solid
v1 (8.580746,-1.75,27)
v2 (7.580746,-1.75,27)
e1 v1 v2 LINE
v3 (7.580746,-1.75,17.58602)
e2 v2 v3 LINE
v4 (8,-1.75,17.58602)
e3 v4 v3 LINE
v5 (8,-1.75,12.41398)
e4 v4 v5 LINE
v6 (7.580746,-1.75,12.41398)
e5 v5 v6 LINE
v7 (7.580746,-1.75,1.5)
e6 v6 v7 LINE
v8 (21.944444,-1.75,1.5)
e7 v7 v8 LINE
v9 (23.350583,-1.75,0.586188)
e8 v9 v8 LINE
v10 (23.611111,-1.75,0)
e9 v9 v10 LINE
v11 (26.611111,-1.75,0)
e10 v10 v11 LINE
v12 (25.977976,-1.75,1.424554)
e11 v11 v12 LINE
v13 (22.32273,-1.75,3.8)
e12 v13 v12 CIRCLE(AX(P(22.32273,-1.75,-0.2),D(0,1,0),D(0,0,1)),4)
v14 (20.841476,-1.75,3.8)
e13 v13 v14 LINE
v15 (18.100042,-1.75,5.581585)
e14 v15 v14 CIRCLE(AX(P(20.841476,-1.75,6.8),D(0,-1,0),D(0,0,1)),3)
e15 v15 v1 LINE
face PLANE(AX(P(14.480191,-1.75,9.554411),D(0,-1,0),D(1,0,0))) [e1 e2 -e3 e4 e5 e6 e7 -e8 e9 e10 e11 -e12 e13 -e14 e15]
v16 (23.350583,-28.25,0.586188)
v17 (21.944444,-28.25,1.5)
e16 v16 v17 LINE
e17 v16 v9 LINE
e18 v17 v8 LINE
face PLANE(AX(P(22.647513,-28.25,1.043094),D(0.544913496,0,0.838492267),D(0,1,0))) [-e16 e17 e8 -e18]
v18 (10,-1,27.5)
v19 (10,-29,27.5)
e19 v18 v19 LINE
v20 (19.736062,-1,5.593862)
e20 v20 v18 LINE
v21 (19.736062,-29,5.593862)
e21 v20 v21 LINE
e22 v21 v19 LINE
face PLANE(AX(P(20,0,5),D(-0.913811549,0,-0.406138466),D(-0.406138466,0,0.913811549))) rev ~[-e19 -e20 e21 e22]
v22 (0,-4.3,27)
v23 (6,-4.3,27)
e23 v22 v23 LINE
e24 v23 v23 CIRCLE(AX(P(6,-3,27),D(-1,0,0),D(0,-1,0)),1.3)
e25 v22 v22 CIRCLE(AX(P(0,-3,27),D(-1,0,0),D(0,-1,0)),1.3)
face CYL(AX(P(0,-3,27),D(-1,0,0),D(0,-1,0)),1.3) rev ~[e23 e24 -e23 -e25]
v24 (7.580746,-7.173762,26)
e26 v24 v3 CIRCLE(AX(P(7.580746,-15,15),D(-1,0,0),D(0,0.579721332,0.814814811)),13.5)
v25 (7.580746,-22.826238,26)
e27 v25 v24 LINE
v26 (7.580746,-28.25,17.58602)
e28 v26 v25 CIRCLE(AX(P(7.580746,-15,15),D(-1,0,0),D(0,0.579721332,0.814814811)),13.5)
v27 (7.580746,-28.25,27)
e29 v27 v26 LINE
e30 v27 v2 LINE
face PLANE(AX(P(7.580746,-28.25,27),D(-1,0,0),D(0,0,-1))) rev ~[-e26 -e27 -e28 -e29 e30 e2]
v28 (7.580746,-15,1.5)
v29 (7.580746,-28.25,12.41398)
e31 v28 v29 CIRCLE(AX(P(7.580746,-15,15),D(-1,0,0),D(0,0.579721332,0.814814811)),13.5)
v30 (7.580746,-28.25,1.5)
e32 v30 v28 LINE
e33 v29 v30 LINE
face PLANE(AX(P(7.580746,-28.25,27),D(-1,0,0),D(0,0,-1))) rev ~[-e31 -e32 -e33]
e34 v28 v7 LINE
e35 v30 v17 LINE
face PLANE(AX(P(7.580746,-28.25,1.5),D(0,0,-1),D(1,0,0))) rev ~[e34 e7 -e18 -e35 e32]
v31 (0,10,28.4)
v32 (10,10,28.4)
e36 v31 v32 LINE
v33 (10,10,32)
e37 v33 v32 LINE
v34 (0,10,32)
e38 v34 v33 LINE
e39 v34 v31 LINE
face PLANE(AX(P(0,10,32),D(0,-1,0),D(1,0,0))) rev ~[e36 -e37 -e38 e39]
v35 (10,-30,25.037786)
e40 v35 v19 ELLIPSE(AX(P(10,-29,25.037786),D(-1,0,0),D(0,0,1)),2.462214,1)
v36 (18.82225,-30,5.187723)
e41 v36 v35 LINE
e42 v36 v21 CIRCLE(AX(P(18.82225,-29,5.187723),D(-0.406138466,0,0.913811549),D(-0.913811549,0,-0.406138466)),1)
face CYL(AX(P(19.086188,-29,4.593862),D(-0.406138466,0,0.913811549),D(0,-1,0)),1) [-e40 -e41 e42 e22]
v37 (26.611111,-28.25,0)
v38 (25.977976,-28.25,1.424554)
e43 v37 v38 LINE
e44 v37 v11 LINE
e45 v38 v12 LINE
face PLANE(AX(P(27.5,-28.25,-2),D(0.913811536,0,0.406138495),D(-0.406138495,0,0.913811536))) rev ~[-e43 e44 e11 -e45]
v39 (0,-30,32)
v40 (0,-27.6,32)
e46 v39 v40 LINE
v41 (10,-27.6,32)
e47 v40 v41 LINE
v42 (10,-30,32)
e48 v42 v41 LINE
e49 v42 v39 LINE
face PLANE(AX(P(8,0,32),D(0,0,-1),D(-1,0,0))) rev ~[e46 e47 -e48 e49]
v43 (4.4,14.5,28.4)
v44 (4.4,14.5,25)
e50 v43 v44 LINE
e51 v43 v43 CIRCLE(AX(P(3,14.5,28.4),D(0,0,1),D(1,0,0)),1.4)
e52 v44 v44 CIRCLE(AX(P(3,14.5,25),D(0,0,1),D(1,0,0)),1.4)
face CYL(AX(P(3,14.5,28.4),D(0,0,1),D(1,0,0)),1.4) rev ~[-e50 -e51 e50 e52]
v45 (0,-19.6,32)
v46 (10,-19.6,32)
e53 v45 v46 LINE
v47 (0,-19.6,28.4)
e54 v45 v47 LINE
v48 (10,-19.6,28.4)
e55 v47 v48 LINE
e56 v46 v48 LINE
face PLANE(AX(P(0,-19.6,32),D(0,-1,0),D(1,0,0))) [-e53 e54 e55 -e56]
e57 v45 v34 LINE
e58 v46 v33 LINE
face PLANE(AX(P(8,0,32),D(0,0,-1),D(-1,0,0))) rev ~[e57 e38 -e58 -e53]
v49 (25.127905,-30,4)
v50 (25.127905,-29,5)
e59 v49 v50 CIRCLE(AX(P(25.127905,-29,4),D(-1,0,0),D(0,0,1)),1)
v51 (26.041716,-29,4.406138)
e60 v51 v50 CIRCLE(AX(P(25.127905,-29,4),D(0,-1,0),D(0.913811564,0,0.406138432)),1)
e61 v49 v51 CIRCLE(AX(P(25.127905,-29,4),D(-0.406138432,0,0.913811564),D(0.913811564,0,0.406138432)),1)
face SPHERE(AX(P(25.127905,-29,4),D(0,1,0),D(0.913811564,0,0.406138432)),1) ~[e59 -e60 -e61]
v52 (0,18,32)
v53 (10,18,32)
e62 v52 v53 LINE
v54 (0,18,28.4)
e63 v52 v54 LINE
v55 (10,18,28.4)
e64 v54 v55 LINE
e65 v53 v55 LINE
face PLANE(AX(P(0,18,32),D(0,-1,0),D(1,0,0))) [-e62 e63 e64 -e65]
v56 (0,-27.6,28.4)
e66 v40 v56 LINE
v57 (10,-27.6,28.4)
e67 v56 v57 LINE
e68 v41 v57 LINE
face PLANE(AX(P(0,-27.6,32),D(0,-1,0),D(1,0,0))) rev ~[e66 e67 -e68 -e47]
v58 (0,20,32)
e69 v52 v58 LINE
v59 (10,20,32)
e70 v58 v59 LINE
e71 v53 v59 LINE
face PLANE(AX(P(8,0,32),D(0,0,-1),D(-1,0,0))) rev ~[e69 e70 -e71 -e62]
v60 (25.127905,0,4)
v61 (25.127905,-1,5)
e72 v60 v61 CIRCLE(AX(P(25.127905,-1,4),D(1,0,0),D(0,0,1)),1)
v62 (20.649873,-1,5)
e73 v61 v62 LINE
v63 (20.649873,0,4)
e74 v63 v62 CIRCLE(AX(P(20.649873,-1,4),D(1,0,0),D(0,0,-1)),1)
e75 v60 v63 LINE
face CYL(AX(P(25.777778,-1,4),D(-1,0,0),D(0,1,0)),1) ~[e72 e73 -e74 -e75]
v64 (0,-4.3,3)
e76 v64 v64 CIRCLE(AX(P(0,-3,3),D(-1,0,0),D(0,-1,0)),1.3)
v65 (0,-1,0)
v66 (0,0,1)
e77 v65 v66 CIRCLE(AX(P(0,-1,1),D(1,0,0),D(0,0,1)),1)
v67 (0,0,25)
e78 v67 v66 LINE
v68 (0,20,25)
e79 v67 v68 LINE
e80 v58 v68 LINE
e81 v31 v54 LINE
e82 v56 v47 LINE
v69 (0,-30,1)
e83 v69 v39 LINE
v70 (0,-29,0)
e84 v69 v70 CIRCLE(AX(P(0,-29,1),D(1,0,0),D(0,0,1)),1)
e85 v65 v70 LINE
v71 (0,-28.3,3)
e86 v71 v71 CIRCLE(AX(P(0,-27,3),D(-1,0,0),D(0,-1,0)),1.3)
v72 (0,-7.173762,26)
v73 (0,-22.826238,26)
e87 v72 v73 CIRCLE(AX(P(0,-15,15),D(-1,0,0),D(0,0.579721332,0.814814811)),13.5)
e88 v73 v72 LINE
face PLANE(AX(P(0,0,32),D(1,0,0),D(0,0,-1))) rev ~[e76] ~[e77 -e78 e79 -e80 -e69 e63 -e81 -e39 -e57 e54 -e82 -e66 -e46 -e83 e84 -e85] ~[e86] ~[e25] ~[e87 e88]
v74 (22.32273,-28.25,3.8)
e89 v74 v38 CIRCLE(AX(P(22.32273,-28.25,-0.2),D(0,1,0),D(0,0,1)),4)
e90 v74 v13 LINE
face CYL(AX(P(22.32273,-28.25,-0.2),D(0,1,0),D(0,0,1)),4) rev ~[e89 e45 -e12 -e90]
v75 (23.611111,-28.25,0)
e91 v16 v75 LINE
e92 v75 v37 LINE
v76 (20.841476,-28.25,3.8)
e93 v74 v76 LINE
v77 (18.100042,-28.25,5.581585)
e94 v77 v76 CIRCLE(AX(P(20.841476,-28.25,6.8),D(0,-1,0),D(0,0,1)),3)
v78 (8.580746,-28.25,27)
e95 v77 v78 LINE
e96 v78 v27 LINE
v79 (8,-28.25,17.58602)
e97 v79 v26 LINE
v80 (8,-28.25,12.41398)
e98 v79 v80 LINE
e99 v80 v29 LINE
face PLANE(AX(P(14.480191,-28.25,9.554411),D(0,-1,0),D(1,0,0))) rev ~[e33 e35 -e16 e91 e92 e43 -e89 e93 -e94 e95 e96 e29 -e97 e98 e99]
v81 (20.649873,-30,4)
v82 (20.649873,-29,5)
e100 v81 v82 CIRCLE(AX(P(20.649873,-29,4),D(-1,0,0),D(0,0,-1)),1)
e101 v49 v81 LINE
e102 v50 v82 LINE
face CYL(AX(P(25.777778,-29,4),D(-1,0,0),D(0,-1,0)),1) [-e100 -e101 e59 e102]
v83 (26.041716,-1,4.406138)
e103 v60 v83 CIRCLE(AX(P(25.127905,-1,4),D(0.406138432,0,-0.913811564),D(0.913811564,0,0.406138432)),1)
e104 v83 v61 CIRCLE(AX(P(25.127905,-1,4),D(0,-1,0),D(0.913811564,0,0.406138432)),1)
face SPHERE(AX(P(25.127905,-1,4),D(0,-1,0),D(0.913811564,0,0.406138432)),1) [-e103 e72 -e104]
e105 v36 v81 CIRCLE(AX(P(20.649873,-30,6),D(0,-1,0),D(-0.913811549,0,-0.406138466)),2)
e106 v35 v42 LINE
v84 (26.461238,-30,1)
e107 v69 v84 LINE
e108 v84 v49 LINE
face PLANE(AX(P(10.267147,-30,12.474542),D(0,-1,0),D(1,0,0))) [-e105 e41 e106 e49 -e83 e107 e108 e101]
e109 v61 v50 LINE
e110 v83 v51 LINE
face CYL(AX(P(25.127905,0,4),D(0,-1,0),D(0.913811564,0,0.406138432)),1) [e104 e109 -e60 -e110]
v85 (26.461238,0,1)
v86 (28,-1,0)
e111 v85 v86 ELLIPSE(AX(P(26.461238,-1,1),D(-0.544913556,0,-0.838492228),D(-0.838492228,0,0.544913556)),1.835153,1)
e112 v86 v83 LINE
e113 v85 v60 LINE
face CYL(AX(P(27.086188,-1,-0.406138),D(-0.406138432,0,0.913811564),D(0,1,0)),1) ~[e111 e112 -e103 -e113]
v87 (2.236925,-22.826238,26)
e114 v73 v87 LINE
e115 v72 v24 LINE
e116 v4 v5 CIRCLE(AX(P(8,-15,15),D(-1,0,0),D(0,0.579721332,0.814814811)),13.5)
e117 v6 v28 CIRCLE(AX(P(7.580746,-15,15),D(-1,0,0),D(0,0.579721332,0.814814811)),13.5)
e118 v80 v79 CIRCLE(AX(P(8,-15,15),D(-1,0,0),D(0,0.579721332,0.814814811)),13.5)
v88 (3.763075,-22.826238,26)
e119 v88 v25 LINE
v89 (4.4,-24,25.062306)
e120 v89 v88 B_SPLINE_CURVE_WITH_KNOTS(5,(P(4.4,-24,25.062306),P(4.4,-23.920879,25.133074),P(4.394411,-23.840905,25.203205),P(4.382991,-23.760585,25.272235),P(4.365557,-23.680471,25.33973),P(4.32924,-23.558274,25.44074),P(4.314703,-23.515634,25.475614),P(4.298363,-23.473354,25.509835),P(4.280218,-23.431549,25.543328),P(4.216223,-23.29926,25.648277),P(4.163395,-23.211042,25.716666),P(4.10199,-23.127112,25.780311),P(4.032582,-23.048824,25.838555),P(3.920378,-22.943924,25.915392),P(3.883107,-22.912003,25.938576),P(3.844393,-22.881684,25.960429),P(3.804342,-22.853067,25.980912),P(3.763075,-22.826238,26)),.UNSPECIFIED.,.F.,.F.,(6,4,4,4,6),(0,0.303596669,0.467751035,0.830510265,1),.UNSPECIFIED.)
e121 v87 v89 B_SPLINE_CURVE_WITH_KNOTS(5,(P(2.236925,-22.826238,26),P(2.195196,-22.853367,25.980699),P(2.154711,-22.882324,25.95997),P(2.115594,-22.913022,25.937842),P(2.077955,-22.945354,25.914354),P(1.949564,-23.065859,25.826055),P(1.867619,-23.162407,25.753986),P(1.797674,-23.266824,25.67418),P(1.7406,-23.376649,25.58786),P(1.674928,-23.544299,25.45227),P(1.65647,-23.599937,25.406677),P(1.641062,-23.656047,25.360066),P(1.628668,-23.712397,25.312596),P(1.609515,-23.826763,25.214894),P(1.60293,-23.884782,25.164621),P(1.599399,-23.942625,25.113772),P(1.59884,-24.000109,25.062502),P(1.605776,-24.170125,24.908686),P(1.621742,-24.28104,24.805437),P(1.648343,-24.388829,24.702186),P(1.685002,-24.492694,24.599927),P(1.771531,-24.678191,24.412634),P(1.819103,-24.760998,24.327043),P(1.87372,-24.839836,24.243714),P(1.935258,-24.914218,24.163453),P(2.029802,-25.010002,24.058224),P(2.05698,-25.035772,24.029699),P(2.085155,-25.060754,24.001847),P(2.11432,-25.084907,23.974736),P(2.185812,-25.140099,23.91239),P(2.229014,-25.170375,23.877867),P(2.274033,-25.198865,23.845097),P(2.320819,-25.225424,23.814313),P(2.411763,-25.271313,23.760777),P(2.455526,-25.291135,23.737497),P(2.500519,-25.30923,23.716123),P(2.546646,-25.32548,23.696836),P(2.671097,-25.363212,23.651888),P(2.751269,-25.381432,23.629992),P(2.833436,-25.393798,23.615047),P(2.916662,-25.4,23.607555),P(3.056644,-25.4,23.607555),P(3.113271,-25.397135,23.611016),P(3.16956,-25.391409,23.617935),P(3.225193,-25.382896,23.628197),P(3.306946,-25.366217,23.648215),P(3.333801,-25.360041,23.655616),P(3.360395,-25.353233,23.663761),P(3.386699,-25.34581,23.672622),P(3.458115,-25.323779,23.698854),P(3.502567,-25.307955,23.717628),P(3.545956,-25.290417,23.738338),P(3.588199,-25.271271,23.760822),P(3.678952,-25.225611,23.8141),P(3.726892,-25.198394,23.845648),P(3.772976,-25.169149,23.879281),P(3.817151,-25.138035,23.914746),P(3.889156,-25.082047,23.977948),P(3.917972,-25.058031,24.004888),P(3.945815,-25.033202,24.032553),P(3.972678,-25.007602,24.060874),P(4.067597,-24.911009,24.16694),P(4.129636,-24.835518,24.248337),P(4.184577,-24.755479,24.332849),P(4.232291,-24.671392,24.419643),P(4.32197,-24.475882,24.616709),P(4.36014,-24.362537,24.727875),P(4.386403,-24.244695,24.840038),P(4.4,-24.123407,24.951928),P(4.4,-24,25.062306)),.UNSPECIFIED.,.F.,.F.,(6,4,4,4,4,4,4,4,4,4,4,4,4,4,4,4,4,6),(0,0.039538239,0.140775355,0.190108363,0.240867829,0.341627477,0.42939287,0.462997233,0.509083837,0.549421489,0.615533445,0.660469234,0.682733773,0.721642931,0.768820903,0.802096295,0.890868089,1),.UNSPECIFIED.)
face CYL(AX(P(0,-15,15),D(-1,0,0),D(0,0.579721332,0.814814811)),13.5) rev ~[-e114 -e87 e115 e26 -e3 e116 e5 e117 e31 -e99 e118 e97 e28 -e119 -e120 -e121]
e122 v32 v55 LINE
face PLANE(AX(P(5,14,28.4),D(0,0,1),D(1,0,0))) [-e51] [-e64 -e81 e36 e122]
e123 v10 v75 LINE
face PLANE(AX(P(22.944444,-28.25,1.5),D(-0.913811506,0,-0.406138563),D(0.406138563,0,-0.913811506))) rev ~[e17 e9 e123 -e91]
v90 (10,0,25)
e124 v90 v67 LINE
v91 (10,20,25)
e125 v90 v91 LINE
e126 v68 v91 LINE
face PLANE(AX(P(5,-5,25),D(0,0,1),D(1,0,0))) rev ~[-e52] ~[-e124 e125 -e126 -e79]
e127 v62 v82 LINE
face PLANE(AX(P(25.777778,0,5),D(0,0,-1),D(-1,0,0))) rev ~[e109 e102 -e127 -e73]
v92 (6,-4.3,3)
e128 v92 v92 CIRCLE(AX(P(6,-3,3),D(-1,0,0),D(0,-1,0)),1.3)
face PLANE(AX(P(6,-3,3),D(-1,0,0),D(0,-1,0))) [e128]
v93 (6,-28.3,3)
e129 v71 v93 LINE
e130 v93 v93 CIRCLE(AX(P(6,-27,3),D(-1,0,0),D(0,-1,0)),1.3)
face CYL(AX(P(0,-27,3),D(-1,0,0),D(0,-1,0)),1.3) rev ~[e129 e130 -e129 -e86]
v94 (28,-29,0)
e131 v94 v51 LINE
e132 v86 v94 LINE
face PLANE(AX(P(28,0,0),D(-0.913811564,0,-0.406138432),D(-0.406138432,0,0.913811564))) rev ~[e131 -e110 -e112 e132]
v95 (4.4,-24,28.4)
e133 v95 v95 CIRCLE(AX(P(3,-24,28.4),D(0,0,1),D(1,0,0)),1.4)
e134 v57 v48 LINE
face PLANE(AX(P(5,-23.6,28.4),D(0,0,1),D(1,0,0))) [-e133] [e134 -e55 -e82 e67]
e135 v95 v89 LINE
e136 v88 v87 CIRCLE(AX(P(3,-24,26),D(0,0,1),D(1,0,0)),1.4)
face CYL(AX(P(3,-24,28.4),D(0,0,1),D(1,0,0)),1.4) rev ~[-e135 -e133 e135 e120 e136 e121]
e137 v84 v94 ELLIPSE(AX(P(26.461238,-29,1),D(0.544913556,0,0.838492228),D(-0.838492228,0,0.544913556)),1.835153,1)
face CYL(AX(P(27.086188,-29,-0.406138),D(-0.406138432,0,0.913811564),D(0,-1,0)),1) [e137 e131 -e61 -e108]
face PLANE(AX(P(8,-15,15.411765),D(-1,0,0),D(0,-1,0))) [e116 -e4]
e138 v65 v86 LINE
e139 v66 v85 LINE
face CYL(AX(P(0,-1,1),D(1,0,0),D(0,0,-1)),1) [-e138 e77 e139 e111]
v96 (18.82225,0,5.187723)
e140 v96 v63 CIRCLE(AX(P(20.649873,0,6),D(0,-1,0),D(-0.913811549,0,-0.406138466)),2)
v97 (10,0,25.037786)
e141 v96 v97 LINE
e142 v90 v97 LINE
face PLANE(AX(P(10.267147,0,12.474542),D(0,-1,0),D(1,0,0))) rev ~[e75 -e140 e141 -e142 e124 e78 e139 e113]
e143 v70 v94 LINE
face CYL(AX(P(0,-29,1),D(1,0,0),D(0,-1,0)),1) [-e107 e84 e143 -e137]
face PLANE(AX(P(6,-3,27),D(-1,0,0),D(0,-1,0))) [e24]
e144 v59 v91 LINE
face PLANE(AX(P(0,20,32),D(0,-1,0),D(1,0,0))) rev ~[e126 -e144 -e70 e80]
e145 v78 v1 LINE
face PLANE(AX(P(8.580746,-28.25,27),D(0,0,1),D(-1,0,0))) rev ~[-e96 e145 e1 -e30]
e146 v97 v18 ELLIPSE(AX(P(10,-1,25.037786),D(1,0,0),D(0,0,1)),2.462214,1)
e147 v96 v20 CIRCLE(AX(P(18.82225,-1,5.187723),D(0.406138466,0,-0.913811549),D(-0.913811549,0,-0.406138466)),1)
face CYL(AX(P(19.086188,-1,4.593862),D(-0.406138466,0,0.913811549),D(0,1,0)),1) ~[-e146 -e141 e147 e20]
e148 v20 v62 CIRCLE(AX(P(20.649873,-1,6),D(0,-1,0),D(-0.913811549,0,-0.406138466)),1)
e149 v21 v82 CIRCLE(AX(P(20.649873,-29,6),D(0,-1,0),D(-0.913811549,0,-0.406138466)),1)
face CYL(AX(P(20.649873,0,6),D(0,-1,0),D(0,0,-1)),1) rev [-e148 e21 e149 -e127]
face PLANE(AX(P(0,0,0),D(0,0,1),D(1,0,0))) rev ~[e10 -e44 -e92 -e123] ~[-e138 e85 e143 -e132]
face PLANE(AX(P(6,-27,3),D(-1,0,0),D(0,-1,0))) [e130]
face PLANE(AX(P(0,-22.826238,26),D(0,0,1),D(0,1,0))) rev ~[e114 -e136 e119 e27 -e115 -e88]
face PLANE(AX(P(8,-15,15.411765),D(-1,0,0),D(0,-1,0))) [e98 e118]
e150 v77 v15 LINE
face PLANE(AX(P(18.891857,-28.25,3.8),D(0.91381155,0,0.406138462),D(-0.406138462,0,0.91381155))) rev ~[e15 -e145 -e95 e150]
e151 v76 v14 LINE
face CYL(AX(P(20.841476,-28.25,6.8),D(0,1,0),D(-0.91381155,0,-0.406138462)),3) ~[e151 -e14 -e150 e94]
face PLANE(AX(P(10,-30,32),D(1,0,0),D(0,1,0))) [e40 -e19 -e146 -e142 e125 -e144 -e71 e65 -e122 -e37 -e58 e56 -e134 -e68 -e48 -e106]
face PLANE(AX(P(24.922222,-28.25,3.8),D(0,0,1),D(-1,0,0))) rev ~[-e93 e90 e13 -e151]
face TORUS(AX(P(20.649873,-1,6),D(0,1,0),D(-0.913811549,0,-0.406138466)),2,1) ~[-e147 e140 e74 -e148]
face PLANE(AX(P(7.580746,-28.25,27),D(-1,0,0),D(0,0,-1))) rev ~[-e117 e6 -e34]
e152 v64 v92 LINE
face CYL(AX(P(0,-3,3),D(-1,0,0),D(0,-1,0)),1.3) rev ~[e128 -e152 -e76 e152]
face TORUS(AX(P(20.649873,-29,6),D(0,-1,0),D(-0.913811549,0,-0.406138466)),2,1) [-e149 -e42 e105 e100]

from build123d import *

# Parameters (mm, degrees)
F1_DEPTH  = 30
F2_W      = 10
F2_H      = 50
F3_DEPTH  = 7
F4_W      = 10
F4_H      = 8
F5_DEPTH  = 3.6
F8_DEPTH  = 26.5
F10_DEPTH = 8
F11_R     = 1.3
F12_DEPTH = 6
F13_R     = 1
F14_R     = 1.4
F16_DEPTH = 5
F15_R     = 1.4
F17_DEPTH = 5
F18_R     = 3
F19_R     = 4
F20_SIZE  = 1


with BuildPart() as f1:
    # F0 (on Front) → F1 (new body)
    with BuildSketch(Plane.XZ):
        Polygon((0, 32), (0, 0), (28, 0), (25.777778, 5), (20, 5), (8, 32), align=None)
    extrude(amount=F1_DEPTH)

    # F2 (on face) → F3 (join)
    with BuildSketch(Plane.XY.offset(32)):
        with Locations((5, -5)):
            Rectangle(F2_W, F2_H)
    extrude(amount=-F3_DEPTH)

    # F4 (on face) → F5 (cut)
    with BuildSketch(Plane.XY.offset(32)):
        with Locations((5, 14)):
            Rectangle(F4_W, F4_H)
        with Locations((5, -23.6)):
            Rectangle(F4_W, F4_H)
    extrude(amount=-F5_DEPTH, mode=Mode.SUBTRACT)

    # F7 (on offset) → F8 (cut)
    with BuildSketch(Plane.XZ.offset(28.25)):
        Polygon((18.891857, 3.8), (8.580746, 27), (7.580746, 27), (7.580746, 1.5), (22.944444, 1.5), (24.5, -2), (27.5, -2), (24.922222, 3.8), align=None)
    extrude(amount=-F8_DEPTH, mode=Mode.SUBTRACT)

    # F9 (on face) → F10 (cut)
    with BuildSketch(Plane(origin=(0, 0, 0), x_dir=(0, -1, 0), z_dir=(-1, 0, 0))):
        with BuildLine():
            Line((22.826238, 26), (7.173762, 26))
            ThreePointArc((7.173762, 26), (15, 1.5), (22.826238, 26))
        make_face()
    extrude(amount=-F10_DEPTH, mode=Mode.SUBTRACT)

    # F11 (on face) → F12 (cut)
    with BuildSketch(Plane(origin=(0, 0, 0), x_dir=(0, -1, 0), z_dir=(-1, 0, 0))):
        with Locations((3, 27)):
            Circle(F11_R)
        with Locations((3, 3)):
            Circle(F11_R)
        with Locations((27, 3)):
            Circle(F11_R)
    extrude(amount=-F12_DEPTH, mode=Mode.SUBTRACT)

    # F13
    f13_edges = [f1.edges().sort_by_distance(p)[0] for p in [
        (15, -30, 16.25),
        (15, 0, 16.25),
        (26.888889, -30, 2.5),
        (22.888889, -30, 5),
        (26.888889, 0, 2.5),
        (22.888889, 0, 5),
        (25.777778, -15, 5),
        (20, -15, 5),
        (14, -30, 0),
        (14, 0, 0),
    ]]
    fillet(f13_edges, radius=F13_R)

    # F14 (on face) → F16 (cut)
    with BuildSketch(Plane.XY.offset(28.4)):
        with Locations((3, 14.5)):
            Circle(F14_R)
    extrude(amount=-F16_DEPTH, mode=Mode.SUBTRACT)

    # F15 (on face) → F17 (cut)
    with BuildSketch(Plane.XY.offset(28.4)):
        with Locations((3, -24)):
            Circle(F15_R)
    extrude(amount=-F17_DEPTH, mode=Mode.SUBTRACT)

    # F18
    f18_edges = [f1.edges().sort_by_distance(p)[0] for p in [
        (18.891857, -15, 3.8),
    ]]
    fillet(f18_edges, radius=F18_R)

    # F19
    f19_edges = [f1.edges().sort_by_distance(p)[0] for p in [
        (24.922222, -15, 3.8),
    ]]
    fillet(f19_edges, radius=F19_R)

    # F20
    f20_edges = [f1.edges().sort_by_distance(p)[0] for p in [
        (22.944444, -15, 1.5),
    ]]
    chamfer(f20_edges, length=F20_SIZE)


solid = f1.part
